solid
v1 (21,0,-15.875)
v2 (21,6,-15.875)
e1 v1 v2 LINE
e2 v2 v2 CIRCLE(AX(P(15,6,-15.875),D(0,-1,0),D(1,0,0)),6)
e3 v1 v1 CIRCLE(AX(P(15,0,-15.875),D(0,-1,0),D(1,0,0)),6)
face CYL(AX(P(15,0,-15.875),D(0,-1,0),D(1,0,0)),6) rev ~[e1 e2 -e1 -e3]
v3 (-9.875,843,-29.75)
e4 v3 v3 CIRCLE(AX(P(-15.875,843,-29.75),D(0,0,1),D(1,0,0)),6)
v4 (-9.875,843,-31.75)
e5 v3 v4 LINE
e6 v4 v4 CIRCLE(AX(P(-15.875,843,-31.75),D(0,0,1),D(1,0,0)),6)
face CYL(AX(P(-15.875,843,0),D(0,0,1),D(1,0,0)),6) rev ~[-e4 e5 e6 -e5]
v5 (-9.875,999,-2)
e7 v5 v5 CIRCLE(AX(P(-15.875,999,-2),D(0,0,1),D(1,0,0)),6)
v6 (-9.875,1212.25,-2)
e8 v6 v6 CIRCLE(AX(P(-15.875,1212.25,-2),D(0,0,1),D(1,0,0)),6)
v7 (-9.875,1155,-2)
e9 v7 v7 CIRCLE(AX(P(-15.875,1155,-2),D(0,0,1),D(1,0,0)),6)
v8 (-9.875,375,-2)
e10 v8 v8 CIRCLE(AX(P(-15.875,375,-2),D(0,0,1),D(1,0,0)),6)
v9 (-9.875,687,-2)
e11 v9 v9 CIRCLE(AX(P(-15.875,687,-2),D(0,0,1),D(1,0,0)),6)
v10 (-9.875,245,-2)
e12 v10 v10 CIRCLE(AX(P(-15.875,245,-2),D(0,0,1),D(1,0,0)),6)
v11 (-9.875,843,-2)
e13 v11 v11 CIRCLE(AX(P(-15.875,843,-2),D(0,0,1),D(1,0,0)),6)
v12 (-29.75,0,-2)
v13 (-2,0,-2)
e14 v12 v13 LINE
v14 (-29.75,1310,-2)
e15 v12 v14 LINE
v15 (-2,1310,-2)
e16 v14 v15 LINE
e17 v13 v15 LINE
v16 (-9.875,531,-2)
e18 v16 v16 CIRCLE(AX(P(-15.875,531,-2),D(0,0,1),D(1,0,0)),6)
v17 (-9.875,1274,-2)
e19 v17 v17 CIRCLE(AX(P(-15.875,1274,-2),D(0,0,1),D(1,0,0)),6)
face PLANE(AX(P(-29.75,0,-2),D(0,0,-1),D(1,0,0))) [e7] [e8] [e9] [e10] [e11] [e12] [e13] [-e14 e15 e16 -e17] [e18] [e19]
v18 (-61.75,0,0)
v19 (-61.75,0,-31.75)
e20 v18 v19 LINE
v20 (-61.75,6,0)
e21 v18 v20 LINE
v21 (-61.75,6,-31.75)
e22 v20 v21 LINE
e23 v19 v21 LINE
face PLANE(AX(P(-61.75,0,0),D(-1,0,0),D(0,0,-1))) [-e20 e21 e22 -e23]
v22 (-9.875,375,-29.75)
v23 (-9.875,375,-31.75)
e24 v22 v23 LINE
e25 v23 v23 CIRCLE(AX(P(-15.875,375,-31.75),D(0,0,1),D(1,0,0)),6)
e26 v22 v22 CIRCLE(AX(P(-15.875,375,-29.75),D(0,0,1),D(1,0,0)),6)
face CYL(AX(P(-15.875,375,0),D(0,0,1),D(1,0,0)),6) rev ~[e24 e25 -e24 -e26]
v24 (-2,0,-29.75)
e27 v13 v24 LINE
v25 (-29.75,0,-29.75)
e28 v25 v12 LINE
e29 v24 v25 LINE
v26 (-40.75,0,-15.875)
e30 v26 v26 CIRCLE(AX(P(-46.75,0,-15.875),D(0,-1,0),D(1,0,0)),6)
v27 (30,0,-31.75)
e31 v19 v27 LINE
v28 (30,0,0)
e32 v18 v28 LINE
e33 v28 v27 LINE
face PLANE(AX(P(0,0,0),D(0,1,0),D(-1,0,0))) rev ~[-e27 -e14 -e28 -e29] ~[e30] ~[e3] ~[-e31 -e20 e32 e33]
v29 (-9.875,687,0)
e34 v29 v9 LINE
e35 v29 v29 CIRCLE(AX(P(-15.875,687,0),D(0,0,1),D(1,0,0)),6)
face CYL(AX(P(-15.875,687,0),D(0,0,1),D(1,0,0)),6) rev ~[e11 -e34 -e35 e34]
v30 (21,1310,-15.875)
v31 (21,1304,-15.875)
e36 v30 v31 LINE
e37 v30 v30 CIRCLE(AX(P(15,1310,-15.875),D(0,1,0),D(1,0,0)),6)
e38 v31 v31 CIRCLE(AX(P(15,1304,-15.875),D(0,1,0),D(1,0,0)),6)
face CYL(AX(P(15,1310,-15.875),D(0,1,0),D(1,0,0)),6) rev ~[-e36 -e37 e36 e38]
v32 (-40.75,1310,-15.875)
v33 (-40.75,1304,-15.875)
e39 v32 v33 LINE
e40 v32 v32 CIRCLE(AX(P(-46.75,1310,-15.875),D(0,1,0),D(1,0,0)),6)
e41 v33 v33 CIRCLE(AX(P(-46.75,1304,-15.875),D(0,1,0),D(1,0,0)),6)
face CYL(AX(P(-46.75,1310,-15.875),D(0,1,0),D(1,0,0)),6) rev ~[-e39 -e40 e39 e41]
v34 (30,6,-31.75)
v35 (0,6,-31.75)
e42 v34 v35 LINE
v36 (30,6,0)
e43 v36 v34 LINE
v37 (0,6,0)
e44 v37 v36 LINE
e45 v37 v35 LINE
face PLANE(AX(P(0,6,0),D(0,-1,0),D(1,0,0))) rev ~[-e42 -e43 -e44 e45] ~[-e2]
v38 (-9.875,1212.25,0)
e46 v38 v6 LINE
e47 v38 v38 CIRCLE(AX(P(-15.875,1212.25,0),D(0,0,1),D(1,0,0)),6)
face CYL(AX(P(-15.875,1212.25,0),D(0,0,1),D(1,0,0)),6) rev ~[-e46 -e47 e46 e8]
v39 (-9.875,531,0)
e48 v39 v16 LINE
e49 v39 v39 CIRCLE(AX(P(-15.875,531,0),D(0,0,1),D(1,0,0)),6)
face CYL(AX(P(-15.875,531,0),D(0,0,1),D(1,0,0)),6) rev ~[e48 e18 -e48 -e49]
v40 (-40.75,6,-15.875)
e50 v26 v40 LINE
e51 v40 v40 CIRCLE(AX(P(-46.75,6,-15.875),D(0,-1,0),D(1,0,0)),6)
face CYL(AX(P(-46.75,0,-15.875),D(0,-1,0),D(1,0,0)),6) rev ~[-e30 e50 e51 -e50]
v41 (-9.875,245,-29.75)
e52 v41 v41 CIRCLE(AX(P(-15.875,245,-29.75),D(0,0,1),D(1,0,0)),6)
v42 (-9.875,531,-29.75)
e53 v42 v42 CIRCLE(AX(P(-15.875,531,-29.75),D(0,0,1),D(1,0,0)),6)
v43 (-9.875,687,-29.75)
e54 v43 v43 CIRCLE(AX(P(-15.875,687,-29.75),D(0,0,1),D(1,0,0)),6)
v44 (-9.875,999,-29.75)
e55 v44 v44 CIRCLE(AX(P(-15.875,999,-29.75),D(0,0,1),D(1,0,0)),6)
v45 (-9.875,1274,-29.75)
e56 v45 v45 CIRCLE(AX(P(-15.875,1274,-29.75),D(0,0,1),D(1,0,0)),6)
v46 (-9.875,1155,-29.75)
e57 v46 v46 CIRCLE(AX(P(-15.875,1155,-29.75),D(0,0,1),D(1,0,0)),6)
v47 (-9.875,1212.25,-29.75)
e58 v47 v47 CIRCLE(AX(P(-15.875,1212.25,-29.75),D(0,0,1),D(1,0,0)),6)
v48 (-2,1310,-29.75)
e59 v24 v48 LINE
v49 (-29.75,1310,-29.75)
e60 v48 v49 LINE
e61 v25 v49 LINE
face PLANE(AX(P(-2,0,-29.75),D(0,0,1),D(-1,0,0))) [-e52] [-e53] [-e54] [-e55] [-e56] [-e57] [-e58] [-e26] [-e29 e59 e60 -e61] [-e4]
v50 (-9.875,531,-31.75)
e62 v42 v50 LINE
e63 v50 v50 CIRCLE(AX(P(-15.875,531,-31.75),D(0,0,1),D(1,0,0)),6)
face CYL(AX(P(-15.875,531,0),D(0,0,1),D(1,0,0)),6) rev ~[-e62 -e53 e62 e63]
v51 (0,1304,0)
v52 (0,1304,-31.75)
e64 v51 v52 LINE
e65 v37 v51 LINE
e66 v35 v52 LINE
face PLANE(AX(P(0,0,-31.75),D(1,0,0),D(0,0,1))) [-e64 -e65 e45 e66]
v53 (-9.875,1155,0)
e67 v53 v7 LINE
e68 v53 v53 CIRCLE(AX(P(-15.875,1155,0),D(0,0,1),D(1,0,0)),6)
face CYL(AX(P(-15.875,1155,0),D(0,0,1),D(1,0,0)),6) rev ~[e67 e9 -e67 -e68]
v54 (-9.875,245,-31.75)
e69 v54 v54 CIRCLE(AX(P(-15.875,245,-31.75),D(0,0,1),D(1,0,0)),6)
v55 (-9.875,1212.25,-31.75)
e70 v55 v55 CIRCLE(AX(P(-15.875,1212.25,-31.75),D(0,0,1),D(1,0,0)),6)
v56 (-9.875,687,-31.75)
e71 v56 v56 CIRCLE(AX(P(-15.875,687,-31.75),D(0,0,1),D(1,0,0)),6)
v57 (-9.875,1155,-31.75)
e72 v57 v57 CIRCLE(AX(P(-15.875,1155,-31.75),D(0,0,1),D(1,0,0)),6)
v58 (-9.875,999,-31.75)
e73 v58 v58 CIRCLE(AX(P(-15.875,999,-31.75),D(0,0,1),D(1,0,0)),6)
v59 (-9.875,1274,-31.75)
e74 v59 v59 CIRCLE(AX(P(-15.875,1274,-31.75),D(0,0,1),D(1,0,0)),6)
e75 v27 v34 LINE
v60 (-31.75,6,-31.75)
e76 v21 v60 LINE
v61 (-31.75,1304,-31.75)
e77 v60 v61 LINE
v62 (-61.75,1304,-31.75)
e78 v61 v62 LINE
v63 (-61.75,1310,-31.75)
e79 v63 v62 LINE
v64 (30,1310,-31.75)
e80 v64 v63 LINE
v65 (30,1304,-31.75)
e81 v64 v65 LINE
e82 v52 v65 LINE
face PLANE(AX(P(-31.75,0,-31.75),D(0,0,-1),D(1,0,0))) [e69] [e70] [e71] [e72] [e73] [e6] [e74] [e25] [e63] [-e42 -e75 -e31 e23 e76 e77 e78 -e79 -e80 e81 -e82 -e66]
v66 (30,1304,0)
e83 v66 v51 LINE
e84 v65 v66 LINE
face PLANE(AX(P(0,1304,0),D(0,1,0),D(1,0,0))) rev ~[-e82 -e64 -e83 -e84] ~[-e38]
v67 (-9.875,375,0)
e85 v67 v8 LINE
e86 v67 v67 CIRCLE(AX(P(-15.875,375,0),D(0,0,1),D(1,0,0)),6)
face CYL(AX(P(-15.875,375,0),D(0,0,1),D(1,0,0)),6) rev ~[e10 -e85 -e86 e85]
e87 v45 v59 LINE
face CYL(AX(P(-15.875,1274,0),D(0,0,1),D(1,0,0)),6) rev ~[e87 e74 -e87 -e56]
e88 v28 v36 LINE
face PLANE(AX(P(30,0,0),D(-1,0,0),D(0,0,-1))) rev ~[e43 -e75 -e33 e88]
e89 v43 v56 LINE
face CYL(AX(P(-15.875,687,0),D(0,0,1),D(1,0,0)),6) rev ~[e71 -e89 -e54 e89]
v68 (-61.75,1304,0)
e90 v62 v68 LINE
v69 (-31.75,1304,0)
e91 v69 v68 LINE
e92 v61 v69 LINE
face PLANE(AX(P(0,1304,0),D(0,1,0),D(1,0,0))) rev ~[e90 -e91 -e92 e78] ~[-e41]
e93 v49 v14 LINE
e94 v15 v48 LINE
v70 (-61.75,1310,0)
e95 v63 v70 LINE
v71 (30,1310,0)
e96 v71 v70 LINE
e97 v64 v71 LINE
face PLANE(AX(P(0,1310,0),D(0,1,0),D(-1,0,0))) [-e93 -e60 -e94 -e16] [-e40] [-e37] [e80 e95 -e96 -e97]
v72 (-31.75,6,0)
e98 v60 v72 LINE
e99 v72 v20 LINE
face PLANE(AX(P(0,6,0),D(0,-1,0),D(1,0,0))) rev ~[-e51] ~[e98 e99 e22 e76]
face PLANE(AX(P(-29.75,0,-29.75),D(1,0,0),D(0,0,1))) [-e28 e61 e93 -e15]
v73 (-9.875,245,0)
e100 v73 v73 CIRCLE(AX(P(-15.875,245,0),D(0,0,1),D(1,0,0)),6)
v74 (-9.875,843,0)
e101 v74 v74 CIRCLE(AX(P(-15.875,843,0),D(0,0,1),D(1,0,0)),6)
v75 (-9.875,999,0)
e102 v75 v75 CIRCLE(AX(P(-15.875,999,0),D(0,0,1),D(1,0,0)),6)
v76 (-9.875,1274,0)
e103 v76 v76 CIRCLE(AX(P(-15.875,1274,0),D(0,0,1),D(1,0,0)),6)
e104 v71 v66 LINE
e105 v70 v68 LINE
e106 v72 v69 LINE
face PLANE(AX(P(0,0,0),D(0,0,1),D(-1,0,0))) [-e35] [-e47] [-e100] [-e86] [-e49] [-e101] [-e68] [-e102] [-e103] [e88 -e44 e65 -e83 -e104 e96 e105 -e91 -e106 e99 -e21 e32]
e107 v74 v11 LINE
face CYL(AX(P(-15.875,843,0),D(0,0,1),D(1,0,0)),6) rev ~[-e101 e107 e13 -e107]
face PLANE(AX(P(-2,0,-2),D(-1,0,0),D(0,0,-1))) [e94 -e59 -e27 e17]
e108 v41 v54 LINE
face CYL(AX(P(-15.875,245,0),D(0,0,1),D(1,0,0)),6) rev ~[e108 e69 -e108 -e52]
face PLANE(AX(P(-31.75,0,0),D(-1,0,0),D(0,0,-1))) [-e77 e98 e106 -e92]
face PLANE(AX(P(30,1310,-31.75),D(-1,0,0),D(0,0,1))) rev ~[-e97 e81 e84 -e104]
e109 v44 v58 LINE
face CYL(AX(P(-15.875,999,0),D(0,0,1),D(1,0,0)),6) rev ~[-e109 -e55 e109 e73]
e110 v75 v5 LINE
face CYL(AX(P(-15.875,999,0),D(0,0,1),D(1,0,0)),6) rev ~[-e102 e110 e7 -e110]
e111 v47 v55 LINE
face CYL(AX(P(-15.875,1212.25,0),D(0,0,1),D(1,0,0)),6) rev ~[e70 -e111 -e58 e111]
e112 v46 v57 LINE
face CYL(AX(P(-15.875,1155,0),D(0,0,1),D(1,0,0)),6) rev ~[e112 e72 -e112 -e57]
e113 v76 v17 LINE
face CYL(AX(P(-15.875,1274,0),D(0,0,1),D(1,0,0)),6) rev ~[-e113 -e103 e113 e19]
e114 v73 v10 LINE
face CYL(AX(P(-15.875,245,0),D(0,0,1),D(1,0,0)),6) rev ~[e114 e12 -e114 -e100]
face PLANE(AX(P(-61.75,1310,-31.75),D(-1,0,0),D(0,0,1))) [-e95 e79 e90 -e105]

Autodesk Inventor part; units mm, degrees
ref_plane "YZ Plane" through (0, 0, 0) normal (1, 0, 0) x (0, 1, 0)
ref_plane "XZ Plane" through (0, 0, 0) normal (0, 1, 0) x (-1, 0, 0)
ref_plane "XY Plane" through (0, 0, 0) normal (0, 0, 1) x (1, 0, 0)
sketch "Sketch1" plane through (0, 0, 0) normal (0, 1, 0) x (-1, 0, 0)
  line L0 (0, 0) -> (31.75, 0)
  line L1 (31.75, 0) -> (31.75, -31.75)
  line L2 (31.75, -31.75) -> (0, -31.75)
  line L3 (0, -31.75) -> (0, 0)
  line L4 (29.75, -29.75) -> (29.75, -2)
  line L5 (29.75, -2) -> (2, -2)
  line L6 (2, -2) -> (2, -29.75)
  line L7 (2, -29.75) -> (29.75, -29.75)
  dimension "d8" = 31.75
  dimension "d9" = 31.75
  dimension "d10" = 2
extrude "Extrusion1" add sketch "Sketch1" along normal blind 1310
sketch "Sketch3" plane through (-31.75, 0, 0) normal (0, 0, 1) x (1, 0, 0)
  line L0 (31.75, 0) -> (31.75, 368)
  line L1 (31.75, 0) -> (31.75, 1310) projected
  line L2 (0, 0) -> (31.75, 0) projected
  line L3 (31.75, 0) -> (31.75, 1310) projected
  line L4 (0, 1310) -> (31.75, 1310) projected
  line L5 (0, 0) -> (0, 1310) projected
  circle A0 centre (15.875, 375) radius 6
  circle A1 centre (15.875, 531) radius 6
  circle A2 centre (15.875, 687) radius 6
  circle A3 centre (15.875, 843) radius 6
  circle A4 centre (15.875, 999) radius 6
  circle A5 centre (15.875, 1155) radius 6
  dimension "d11" = 368
  dimension "d12" = 12
  dimension "d15" = 12
  dimension "d16" = 156
  dimension "d17" = 12
  dimension "d18" = 156
  dimension "d19" = 12
  dimension "d20" = 156
  dimension "d21" = 12
  dimension "d22" = 156
  dimension "d23" = 12
  dimension "d24" = 156
extrude "Extrusion2" cut sketch "Sketch3" against normal through all contours A0 | A1 | A2 | A3 | A4 | A5
sketch "Sketch4" plane through (0, 0, 0) normal (0, -1, 0) x (1, 0, 0)
  line L0 (0, -31.75) -> (-31.75, -31.75) projected
  line L1 (0, 0) -> (0, -31.75) projected
  line L2 (-31.75, 0) -> (0, 0) projected
  line L3 (-31.75, -31.75) -> (-31.75, 0) projected
  line L4 (-29.75, -29.75) -> (-2, -29.75) projected
  line L5 (-29.75, -2) -> (-29.75, -29.75) projected
  line L6 (-2, -2) -> (-29.75, -2) projected
  line L7 (-2, -29.75) -> (-2, -2) projected
  line L8 (0, 0) -> (30, 0)
  line L9 (30, 0) -> (30, -31.75)
  line L10 (30, -31.75) -> (0, -31.75)
  line L11 (0, -31.75) -> (0, 0)
  line L12 (-31.75, 0) -> (-61.75, 0)
  line L13 (-61.75, 0) -> (-61.75, -31.75)
  line L14 (-61.75, -31.75) -> (-31.75, -31.75)
  line L15 (-31.75, -31.75) -> (-31.75, 0)
  circle A0 centre (-46.75, -15.875) radius 6
  circle A1 centre (15, -15.875) radius 6
  dimension "d25" = 30
  dimension "d26" = 30
  dimension "d29" = 12
  dimension "d30" = 12
extrude "Extrusion3" add sketch "Sketch4" against normal blind 6 contours L1 L8 L9 L10 | L14 L13 L12 L3
sketch "Sketch5" plane through (0, 1310, 0) normal (0, 1, 0) x (1, 0, 0)
  line L0 (0, 31.75) -> (-31.75, 31.75) projected
  line L1 (30, 0) -> (-61.75, 0) projected
  line L2 (0, 31.75) -> (30, 31.75)
  line L3 (30, 31.75) -> (30, 0)
  line L4 (30, 0) -> (0, 0)
  line L5 (0, 0) -> (0, 31.75)
  line L6 (-31.75, 31.75) -> (-31.75, 0) projected
  line L7 (-61.75, 31.75) -> (-61.75, 0) projected
  line L8 (-31.75, 31.75) -> (-61.75, 31.75)
  line L9 (-61.75, 31.75) -> (-61.75, 0)
  line L10 (-61.75, 0) -> (-31.75, 0)
  line L11 (-31.75, 0) -> (-31.75, 31.75)
  circle A0 centre (-46.75, 15.875) radius 6 projected
  circle A1 centre (-46.75, 15.875) radius 6
  circle A2 centre (15, 15.875) radius 6 projected
  circle A3 centre (15, 15.875) radius 6
extrude "Extrusion4" add sketch "Sketch5" against normal blind 6 contours L2 L3 L1 L5 | L6 L1 L7 L8
sketch "Sketch6" plane through (-61.75, 0, 0) normal (0, 0, 1) x (1, 0, 0)
  circle A0 centre (45.875, 1274) radius 6
  line L0 (91.75, 1304) -> (61.75, 1304) projected
  circle A1 centre (45.875, 1212.25) radius 6
  point P0 (61.75, 0)
  dimension "d33" = 12
  dimension "d34" = 30
  dimension "d35" = 12
  dimension "d36" = 61.75
extrude "Extrusion5" cut sketch "Sketch6" against normal through all
sketch "Sketch7" plane through (-61.75, 0, 0) normal (0, 0, 1) x (1, 0, 0)
  circle A0 centre (45.875, 245) radius 6
  circle A1 centre (45.875, 375) radius 6 projected
  point P0 (61.75, 0)
  dimension "d39" = 12
  dimension "d40" = 130
extrude "Extrusion6" cut sketch "Sketch7" against normal through all contours A0
properties part number "Perfil_Vertical_Acero"
